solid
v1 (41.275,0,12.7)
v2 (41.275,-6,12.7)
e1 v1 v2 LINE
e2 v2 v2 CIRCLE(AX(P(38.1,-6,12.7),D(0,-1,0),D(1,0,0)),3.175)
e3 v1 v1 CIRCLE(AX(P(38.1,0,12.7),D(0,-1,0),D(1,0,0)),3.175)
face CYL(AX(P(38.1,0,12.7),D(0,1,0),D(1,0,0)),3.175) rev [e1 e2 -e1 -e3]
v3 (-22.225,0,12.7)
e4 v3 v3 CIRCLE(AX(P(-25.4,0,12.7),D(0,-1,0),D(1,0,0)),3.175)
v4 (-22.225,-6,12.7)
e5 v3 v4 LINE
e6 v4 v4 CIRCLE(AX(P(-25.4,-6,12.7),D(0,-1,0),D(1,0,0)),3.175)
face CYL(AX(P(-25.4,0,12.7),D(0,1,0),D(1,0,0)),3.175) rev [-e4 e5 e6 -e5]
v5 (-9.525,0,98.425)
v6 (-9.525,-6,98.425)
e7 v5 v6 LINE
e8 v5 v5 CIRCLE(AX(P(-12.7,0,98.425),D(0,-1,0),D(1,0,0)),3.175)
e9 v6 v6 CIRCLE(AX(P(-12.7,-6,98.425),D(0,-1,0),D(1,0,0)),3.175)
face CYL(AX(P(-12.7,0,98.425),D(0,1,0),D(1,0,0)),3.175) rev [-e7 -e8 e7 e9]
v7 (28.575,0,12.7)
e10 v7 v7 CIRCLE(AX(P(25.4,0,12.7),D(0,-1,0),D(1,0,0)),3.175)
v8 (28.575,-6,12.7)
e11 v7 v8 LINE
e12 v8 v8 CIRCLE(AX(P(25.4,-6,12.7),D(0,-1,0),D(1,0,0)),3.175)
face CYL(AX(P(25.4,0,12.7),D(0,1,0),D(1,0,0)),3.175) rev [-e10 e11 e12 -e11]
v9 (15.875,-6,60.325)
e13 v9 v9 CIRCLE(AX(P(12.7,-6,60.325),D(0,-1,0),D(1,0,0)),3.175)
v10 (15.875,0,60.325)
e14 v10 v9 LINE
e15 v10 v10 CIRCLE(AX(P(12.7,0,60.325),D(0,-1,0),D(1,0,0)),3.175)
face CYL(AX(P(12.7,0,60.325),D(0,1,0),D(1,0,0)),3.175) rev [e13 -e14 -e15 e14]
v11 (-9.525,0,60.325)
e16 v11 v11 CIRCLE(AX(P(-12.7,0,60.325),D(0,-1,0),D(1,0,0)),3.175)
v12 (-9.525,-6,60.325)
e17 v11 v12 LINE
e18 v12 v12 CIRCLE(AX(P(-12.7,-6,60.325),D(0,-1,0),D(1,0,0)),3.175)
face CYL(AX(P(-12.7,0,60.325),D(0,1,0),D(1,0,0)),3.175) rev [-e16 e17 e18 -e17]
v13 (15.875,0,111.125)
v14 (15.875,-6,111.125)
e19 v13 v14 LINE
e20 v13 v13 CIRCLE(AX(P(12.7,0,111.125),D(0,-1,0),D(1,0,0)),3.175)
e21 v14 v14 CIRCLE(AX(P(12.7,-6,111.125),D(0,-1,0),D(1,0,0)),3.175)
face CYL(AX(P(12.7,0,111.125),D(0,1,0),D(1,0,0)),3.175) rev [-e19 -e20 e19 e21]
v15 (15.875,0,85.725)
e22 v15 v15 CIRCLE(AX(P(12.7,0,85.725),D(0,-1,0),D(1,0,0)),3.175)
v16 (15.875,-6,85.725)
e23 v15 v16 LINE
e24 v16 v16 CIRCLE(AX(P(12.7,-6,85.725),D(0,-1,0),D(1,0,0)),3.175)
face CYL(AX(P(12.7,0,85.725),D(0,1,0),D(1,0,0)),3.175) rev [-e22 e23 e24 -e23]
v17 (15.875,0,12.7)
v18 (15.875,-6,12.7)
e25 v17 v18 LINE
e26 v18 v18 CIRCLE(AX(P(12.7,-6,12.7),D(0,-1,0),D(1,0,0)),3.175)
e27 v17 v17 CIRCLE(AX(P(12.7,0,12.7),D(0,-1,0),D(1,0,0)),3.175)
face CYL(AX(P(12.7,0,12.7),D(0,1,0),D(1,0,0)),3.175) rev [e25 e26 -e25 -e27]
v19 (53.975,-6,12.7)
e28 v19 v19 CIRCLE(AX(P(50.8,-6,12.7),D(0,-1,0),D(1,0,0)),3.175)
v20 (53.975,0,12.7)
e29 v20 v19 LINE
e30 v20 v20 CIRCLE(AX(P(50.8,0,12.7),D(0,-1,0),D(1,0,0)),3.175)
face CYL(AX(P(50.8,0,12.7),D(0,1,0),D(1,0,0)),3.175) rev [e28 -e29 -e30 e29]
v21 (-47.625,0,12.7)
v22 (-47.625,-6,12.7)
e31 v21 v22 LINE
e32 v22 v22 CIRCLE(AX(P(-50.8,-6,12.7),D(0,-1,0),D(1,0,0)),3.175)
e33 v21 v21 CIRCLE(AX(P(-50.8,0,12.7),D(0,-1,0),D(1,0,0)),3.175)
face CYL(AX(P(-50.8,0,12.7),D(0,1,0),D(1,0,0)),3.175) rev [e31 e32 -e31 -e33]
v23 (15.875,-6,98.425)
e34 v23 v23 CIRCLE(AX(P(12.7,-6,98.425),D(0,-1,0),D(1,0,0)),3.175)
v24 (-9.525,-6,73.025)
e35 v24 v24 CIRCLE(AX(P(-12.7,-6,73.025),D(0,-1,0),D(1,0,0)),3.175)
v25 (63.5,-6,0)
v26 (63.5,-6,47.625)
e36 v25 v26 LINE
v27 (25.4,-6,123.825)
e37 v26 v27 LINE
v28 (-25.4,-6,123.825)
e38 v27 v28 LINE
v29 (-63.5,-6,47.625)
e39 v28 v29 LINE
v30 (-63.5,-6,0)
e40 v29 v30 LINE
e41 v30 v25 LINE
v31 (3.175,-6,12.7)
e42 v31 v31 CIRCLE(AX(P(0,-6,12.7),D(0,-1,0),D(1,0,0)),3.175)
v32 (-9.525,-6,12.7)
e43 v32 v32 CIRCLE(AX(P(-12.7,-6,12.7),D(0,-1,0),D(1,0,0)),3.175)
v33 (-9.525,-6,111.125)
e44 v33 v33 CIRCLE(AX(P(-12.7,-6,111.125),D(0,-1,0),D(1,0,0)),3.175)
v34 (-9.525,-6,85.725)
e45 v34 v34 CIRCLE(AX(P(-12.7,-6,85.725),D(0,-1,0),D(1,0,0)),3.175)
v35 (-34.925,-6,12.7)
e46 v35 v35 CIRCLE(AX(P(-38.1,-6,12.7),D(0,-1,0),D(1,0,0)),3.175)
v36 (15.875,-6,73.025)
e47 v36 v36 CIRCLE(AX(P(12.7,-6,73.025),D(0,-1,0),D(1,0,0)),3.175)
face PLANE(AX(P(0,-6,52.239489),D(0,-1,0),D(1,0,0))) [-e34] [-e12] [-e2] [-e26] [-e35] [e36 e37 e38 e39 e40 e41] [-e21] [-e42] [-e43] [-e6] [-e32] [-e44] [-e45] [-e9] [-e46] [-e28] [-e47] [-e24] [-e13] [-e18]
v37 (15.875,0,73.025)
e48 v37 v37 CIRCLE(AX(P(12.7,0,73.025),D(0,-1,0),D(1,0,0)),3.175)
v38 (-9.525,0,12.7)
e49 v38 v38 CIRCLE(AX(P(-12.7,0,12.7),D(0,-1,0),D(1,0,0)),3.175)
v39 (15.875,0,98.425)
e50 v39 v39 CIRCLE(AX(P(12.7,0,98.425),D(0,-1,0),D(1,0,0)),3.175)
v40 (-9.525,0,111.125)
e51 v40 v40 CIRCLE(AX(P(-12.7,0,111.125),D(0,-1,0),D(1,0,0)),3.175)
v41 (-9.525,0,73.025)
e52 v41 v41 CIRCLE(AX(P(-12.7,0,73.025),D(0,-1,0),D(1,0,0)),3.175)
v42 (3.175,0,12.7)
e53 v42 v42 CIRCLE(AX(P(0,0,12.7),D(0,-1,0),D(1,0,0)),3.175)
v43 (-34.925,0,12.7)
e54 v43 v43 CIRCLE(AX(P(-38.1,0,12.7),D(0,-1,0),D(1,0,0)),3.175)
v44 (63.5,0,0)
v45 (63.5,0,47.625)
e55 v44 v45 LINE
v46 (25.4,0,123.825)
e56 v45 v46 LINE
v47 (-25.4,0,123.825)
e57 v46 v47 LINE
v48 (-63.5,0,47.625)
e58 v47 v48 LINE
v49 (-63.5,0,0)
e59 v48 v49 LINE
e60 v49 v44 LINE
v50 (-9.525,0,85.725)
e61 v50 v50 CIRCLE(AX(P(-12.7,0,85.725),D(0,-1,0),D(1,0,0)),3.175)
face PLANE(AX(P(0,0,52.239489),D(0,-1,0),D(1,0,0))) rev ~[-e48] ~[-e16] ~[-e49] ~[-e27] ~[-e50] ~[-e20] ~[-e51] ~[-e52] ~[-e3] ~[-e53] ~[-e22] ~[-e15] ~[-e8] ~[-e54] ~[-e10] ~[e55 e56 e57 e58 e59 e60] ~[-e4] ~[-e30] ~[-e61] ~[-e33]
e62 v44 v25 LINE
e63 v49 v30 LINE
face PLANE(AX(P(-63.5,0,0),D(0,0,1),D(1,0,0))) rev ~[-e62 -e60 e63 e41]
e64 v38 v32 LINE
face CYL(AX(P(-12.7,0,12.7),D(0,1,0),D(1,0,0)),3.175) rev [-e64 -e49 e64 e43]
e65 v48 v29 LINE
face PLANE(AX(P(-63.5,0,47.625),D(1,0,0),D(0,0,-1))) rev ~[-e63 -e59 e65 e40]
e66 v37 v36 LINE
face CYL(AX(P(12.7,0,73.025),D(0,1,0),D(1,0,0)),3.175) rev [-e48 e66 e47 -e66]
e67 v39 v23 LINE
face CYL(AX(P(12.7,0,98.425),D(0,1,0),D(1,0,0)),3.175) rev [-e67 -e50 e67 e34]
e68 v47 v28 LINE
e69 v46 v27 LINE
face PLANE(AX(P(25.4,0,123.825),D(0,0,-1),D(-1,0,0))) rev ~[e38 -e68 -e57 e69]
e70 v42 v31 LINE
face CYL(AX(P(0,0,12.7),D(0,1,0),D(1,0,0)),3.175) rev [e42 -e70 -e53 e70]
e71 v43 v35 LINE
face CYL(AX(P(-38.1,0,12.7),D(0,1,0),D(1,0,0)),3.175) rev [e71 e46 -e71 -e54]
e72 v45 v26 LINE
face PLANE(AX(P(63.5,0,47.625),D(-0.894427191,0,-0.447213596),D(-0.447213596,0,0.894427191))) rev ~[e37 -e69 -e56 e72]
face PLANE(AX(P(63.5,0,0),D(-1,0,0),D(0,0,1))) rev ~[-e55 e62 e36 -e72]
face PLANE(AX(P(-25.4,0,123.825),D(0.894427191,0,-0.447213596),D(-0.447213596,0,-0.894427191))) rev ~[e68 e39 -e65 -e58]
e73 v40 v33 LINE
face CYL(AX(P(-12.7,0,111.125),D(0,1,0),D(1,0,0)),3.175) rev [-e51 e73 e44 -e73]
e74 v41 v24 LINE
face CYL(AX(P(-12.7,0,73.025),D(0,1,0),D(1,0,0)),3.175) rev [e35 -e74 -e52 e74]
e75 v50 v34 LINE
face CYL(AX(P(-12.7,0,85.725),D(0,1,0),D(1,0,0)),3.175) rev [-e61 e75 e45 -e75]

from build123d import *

# Parameters (mm, degrees)
F0_R     = 3.175
F1_DEPTH = 6


with BuildPart() as f1:
    # F0 (on Front) → F1 (new body)
    with BuildSketch(Plane.XZ):
        Polygon((-25.4, 123.825), (-63.5, 47.625), (-63.5, 0), (63.5, 0), (63.5, 47.625), (25.4, 123.825), align=None)
        with Locations((-50.8, 12.7)):
            Circle(F0_R, mode=Mode.SUBTRACT)
        with Locations((-38.1, 12.7)):
            Circle(F0_R, mode=Mode.SUBTRACT)
        with Locations((-25.4, 12.7)):
            Circle(F0_R, mode=Mode.SUBTRACT)
        with Locations((-12.7, 12.7)):
            Circle(F0_R, mode=Mode.SUBTRACT)
        with Locations((-12.7, 60.325)):
            Circle(F0_R, mode=Mode.SUBTRACT)
        with Locations((0, 12.7)):
            Circle(F0_R, mode=Mode.SUBTRACT)
        with Locations((12.7, 12.7)):
            Circle(F0_R, mode=Mode.SUBTRACT)
        with Locations((25.4, 12.7)):
            Circle(F0_R, mode=Mode.SUBTRACT)
        with Locations((38.1, 12.7)):
            Circle(F0_R, mode=Mode.SUBTRACT)
        with Locations((50.8, 12.7)):
            Circle(F0_R, mode=Mode.SUBTRACT)
        with Locations((12.7, 60.325)):
            Circle(F0_R, mode=Mode.SUBTRACT)
        with Locations((-12.7, 73.025)):
            Circle(F0_R, mode=Mode.SUBTRACT)
        with Locations((-12.7, 85.725)):
            Circle(F0_R, mode=Mode.SUBTRACT)
        with Locations((-12.7, 98.425)):
            Circle(F0_R, mode=Mode.SUBTRACT)
        with Locations((-12.7, 111.125)):
            Circle(F0_R, mode=Mode.SUBTRACT)
        with Locations((12.7, 73.025)):
            Circle(F0_R, mode=Mode.SUBTRACT)
        with Locations((12.7, 85.725)):
            Circle(F0_R, mode=Mode.SUBTRACT)
        with Locations((12.7, 98.425)):
            Circle(F0_R, mode=Mode.SUBTRACT)
        with Locations((12.7, 111.125)):
            Circle(F0_R, mode=Mode.SUBTRACT)
    extrude(amount=F1_DEPTH)


solid = f1.part
